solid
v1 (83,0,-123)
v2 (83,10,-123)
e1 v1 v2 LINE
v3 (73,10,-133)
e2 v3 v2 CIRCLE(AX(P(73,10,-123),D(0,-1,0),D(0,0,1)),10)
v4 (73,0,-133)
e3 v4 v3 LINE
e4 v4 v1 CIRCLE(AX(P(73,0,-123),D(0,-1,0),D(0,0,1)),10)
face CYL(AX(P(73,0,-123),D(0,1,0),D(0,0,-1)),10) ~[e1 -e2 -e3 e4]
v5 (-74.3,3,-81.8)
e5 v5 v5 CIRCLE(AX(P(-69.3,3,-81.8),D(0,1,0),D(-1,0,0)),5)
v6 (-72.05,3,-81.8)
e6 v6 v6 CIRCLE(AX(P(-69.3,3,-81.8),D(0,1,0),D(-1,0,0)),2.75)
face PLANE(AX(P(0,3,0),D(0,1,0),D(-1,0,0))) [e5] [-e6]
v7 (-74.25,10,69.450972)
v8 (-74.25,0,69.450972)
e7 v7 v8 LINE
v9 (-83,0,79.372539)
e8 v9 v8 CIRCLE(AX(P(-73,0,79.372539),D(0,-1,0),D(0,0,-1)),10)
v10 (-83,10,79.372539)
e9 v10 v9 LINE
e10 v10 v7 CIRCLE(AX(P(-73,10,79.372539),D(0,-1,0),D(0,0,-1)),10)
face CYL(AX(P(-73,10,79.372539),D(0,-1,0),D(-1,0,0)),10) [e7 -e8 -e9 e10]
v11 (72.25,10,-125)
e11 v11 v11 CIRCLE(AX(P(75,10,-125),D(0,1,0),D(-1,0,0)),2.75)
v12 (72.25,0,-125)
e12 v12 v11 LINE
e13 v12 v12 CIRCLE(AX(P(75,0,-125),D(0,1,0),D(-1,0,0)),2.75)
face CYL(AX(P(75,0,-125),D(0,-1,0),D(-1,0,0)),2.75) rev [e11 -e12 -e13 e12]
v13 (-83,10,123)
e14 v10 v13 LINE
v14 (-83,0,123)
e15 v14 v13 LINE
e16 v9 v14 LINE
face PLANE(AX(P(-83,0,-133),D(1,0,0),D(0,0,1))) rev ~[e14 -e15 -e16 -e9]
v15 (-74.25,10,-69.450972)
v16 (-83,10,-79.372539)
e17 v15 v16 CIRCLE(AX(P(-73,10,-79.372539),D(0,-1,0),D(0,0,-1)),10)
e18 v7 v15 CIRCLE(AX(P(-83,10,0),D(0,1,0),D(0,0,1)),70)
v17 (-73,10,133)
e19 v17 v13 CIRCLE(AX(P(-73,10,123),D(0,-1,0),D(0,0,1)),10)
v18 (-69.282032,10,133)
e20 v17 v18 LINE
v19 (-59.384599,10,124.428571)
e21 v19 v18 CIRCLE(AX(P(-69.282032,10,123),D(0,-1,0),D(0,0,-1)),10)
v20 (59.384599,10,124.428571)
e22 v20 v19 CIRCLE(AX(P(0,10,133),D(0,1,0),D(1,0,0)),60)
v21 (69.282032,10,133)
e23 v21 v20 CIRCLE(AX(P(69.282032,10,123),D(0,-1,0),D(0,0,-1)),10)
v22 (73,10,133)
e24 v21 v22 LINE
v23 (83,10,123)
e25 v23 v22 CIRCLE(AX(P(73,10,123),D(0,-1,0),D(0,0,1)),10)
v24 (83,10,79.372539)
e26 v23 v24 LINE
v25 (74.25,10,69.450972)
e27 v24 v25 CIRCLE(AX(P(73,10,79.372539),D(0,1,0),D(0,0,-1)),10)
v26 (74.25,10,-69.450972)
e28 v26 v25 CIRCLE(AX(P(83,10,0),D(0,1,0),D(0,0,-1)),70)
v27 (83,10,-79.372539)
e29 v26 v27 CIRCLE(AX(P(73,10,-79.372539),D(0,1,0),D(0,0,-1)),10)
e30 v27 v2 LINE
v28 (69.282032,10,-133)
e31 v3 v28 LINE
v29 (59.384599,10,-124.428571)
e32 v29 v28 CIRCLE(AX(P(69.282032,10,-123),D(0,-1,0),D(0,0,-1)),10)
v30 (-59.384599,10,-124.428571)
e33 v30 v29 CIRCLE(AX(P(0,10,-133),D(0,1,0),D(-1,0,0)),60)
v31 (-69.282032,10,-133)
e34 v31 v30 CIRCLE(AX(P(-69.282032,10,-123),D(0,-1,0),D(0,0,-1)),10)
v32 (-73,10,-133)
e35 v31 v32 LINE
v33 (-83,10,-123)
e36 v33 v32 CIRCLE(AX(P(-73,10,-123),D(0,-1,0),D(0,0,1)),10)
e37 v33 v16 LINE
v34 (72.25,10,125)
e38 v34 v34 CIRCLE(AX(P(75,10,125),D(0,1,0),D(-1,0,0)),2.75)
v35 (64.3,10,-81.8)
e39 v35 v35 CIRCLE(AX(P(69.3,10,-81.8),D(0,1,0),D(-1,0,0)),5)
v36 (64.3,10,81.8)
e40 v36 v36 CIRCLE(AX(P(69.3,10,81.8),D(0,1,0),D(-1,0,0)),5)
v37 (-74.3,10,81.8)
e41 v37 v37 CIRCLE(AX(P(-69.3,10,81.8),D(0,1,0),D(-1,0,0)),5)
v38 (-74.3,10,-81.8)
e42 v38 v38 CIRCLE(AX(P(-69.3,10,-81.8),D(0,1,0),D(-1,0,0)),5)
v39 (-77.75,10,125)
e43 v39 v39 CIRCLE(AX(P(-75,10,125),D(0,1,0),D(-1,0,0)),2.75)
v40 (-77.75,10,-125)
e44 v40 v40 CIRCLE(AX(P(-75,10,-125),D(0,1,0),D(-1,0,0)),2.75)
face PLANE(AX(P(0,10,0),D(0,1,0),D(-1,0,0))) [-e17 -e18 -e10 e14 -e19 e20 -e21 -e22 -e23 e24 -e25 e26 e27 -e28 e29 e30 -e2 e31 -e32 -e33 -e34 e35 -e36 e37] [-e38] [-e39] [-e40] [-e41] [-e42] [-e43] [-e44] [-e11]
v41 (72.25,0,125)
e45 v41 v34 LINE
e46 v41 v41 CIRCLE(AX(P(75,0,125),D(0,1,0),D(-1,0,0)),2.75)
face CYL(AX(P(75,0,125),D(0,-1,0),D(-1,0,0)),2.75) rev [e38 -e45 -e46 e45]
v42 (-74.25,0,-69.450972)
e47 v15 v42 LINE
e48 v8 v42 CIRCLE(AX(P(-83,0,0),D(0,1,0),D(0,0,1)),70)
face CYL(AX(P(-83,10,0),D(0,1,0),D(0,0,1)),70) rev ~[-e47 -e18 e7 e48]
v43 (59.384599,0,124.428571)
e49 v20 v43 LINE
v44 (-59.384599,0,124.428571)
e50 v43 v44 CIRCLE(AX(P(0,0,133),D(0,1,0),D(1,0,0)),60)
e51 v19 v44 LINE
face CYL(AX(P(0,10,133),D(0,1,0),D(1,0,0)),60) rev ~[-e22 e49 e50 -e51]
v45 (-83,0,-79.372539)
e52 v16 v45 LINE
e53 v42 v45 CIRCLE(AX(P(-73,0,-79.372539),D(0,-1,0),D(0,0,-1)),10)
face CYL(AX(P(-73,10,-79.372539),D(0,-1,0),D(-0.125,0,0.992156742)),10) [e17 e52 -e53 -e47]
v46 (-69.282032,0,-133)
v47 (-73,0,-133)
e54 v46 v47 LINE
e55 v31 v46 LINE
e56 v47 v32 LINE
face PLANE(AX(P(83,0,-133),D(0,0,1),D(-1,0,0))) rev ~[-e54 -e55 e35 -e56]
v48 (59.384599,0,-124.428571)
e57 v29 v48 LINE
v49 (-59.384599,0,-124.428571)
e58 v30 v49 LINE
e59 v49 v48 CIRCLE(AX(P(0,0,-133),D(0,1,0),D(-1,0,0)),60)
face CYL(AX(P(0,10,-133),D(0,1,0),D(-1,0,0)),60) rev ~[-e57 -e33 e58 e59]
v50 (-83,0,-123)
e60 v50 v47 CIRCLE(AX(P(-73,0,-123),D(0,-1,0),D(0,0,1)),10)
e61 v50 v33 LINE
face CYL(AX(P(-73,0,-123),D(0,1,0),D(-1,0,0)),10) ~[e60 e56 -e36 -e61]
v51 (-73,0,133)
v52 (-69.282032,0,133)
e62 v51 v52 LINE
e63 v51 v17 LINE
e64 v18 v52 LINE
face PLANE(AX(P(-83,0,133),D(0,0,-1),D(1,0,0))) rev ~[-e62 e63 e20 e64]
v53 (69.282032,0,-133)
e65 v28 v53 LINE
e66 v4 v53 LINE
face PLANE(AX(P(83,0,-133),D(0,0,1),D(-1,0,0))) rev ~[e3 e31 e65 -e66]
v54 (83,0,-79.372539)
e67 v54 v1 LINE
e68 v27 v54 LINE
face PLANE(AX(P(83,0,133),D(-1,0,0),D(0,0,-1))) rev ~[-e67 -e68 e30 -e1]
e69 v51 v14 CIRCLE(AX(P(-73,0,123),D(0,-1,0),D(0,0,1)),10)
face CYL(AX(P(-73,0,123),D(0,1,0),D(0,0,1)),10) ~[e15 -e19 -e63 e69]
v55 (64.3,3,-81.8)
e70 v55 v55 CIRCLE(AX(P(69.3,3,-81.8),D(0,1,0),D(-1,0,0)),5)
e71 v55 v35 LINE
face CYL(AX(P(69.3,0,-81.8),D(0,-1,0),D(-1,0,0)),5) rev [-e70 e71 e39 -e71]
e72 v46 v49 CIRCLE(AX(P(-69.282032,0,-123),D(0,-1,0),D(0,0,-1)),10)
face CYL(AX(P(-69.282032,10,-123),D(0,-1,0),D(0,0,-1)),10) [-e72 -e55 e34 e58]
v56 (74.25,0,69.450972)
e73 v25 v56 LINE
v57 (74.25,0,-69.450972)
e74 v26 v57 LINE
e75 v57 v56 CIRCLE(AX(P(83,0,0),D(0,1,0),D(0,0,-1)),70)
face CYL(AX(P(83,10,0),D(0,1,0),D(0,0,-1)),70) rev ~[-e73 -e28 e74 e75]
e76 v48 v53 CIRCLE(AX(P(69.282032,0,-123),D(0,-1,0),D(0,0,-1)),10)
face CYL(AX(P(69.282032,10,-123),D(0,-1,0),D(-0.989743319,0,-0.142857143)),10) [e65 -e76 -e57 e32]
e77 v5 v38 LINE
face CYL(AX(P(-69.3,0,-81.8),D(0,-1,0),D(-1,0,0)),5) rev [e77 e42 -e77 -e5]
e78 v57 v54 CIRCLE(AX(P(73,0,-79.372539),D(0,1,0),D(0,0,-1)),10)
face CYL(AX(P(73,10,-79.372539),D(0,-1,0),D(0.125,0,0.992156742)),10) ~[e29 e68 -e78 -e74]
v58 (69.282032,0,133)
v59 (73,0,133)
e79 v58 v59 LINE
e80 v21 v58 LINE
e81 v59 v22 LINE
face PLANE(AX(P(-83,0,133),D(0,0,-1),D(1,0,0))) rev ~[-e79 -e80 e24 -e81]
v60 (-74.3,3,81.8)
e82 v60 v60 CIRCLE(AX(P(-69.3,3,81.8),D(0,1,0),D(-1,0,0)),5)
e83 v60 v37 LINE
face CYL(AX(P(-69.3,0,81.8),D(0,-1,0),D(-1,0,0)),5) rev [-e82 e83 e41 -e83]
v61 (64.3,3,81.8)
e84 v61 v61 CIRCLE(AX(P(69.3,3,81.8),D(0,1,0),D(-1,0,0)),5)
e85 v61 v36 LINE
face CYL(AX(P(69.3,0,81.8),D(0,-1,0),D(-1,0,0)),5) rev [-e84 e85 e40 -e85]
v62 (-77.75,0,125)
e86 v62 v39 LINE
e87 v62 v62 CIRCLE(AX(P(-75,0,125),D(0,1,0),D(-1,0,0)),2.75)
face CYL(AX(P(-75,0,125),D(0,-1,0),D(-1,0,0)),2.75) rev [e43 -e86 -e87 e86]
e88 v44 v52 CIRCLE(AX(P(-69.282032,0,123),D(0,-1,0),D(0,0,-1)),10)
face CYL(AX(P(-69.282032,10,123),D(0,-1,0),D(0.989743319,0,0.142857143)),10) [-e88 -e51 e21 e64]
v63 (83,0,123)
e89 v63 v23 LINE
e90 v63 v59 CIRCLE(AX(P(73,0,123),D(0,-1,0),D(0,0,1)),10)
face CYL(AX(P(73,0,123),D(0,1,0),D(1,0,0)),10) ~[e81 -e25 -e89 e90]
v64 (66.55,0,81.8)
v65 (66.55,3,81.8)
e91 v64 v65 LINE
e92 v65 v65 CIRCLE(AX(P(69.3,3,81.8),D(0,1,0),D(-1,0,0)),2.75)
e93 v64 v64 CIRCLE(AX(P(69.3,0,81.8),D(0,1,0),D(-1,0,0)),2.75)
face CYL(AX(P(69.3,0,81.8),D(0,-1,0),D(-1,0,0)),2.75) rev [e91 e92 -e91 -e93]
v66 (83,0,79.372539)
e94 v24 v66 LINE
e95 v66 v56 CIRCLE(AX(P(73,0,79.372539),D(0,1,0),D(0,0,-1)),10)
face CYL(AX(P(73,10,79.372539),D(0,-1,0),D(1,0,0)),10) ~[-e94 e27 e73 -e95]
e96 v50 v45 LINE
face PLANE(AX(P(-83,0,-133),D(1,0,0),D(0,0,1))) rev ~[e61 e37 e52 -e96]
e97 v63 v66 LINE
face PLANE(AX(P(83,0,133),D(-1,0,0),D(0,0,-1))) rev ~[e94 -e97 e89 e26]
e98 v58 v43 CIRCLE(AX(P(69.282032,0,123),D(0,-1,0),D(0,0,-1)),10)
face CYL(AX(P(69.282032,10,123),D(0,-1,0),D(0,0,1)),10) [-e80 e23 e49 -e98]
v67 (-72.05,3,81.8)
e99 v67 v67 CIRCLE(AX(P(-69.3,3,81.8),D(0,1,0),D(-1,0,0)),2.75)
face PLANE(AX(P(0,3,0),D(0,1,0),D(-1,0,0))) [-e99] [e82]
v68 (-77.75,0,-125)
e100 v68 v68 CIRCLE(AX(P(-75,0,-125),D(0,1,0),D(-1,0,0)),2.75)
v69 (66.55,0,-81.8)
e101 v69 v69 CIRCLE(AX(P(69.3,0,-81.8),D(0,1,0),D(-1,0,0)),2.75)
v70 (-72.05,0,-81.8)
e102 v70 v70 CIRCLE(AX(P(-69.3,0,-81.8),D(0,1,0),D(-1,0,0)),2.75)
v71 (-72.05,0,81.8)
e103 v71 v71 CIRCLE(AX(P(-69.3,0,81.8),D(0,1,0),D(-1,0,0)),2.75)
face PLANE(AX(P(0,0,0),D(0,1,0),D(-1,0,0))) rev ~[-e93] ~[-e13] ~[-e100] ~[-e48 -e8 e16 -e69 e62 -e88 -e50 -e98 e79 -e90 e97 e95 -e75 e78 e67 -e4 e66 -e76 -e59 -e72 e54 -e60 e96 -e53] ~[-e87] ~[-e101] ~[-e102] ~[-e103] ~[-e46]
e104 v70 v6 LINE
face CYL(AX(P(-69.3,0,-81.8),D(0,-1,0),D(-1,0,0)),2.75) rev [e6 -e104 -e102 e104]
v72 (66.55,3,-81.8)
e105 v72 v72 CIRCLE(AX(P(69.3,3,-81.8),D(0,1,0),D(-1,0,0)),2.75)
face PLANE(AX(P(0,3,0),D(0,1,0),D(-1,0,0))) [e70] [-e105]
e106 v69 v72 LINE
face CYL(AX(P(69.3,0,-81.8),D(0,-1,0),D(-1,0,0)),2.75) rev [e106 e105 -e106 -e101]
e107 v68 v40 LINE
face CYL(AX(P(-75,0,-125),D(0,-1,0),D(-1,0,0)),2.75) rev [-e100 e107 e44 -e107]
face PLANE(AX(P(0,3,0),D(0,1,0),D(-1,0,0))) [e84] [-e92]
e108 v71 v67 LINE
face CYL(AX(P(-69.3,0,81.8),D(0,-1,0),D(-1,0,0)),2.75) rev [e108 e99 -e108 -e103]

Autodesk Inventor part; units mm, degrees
ref_plane "YZ Plane" through (0, 0, 0) normal (1, 0, 0) x (0, 1, 0)
ref_plane "XZ Plane" through (0, 0, 0) normal (0, 1, 0) x (-1, 0, 0)
ref_plane "XY Plane" through (0, 0, 0) normal (0, 0, 1) x (1, 0, 0)
sketch "Sketch1" plane through (0, 0, 0) normal (0, 1, 0) x (-1, 0, 0)
  circle A0 centre (69.3, 81.8) radius 2.75
  circle A1 centre (69.3, -81.8) radius 2.75
  circle A2 centre (-69.3, -81.8) radius 2.75
  circle A3 centre (-69.3, 81.8) radius 2.75
  line L0 (69.3, 81.8) -> (-69.3, 81.8) construction
  line L1 (69.3, 81.8) -> (69.3, -81.8) construction
  line L2 (69.3, -81.8) -> (-69.3, -81.8) construction
  line L3 (0, 0) -> (69.3, 0) construction
  line L4 (-83, -133) -> (83, -133)
  line L5 (83, -133) -> (83, 133)
  line L6 (83, 133) -> (-83, 133)
  line L7 (-83, 133) -> (-83, -133)
  line L8 (-83, -133) -> (83, 133) construction
  line L9 (83, -133) -> (-83, 133) construction
  circle A4 centre (75, 125) radius 2.75
  circle A5 centre (-75, 125) radius 2.75
  circle A6 centre (-75, -125) radius 2.75
  circle A7 centre (75, -125) radius 2.75
  line L10 (75, 125) -> (-75, 125) construction
  line L11 (-75, 125) -> (-75, -125) construction
  line L12 (75, -125) -> (-75, -125) construction
  circle A8 centre (69.3, 81.8) radius 5
  circle A9 centre (-69.3, 81.8) radius 5
  circle A10 centre (-69.3, -81.8) radius 5
  circle A11 centre (69.3, -81.8) radius 5
  point P0 (0, 81.8)
  dimension "d0" = 163.6
  dimension "d1" = 5.5
  dimension "d2" = 138.6
  dimension "d3" = 69.3
  dimension "d4" = 5.5
  dimension "d5" = 10
  dimension "d7" = 250
  dimension "d8" = 8
  dimension "d9" = 8
  dimension "d10" = 8
  dimension "d11" = 8
  dimension "d12" = 8
  dimension "d13" = 150
extrude "Extrusion1" add sketch "Sketch1" along normal blind 10 contours L7 L6 L5 L4
extrude "Extrusion2" add sketch "Sketch1" along normal blind 3 contours A8 | A9 | A10 | A11
sketch "Sketch2" plane through (0, 10, 0) normal (0, 1, 0) x (1, 0, 0)
  line L0 (-83, 133) -> (-83, -133) projected
  line L1 (-83, -133) -> (83, -133) projected
  line L2 (83, -133) -> (83, 133) projected
  line L3 (83, 133) -> (-83, 133) projected
  circle A0 centre (-75, -125) radius 2.75 projected
  circle A1 centre (75, -125) radius 2.75 projected
  circle A2 centre (75, 125) radius 2.75 projected
  circle A3 centre (-75, 125) radius 2.75 projected
  circle A4 centre (-69.3, 81.8) radius 5 projected
  circle A5 centre (69.3, 81.8) radius 5 projected
  circle A6 centre (69.3, -81.8) radius 5 projected
  circle A7 centre (-69.3, -81.8) radius 5 projected
  arc A8 (60, -133) -> (-60, -133) centre (0, -133) ccw
  line L4 (0, -73) -> (0, -133) construction
  arc A9 (83, 70) -> (83, -70) centre (83, 0) ccw
  line L5 (13, 0) -> (83, 0) construction
  line L6 (83, -133) -> (83, 133) construction
  arc A10 (-83, -70) -> (-83, 70) centre (-83, 0) ccw
  arc A11 (-60, 133) -> (60, 133) centre (0, 133) ccw
  point P0 (0, 0)
  point P1 (-60, 133)
  point P2 (60, 133)
  point P3 (-83, 70)
  dimension "d18" = 70
  dimension "d19" = 60
extrude "Extrusion3" cut sketch "Sketch2" against normal through all contours A10 L0 | L3 A11 | A8 L1 | L2 A9
fillet "Fillet1" radius 10 12 edges at (60, 5, 133) (-60, 5, 133) (83, 5, 133) (83, 5, -70) (83, 5, 70) (-83, 5, 133) (-83, 5, 70) (-83, 5, -70) (-83, 5, -133) (60, 5, -133) (-60, 5, -133) (83, 5, -133)
equation "\"d3\" = 0.5 * d2"
equation "\"d9\" = d8"
equation "\"d10\" = d9"
equation "\"d11\" = d8"
equation "\"d12\" = d8"
properties part number "Spincoater Base Mount_3DPrint"
